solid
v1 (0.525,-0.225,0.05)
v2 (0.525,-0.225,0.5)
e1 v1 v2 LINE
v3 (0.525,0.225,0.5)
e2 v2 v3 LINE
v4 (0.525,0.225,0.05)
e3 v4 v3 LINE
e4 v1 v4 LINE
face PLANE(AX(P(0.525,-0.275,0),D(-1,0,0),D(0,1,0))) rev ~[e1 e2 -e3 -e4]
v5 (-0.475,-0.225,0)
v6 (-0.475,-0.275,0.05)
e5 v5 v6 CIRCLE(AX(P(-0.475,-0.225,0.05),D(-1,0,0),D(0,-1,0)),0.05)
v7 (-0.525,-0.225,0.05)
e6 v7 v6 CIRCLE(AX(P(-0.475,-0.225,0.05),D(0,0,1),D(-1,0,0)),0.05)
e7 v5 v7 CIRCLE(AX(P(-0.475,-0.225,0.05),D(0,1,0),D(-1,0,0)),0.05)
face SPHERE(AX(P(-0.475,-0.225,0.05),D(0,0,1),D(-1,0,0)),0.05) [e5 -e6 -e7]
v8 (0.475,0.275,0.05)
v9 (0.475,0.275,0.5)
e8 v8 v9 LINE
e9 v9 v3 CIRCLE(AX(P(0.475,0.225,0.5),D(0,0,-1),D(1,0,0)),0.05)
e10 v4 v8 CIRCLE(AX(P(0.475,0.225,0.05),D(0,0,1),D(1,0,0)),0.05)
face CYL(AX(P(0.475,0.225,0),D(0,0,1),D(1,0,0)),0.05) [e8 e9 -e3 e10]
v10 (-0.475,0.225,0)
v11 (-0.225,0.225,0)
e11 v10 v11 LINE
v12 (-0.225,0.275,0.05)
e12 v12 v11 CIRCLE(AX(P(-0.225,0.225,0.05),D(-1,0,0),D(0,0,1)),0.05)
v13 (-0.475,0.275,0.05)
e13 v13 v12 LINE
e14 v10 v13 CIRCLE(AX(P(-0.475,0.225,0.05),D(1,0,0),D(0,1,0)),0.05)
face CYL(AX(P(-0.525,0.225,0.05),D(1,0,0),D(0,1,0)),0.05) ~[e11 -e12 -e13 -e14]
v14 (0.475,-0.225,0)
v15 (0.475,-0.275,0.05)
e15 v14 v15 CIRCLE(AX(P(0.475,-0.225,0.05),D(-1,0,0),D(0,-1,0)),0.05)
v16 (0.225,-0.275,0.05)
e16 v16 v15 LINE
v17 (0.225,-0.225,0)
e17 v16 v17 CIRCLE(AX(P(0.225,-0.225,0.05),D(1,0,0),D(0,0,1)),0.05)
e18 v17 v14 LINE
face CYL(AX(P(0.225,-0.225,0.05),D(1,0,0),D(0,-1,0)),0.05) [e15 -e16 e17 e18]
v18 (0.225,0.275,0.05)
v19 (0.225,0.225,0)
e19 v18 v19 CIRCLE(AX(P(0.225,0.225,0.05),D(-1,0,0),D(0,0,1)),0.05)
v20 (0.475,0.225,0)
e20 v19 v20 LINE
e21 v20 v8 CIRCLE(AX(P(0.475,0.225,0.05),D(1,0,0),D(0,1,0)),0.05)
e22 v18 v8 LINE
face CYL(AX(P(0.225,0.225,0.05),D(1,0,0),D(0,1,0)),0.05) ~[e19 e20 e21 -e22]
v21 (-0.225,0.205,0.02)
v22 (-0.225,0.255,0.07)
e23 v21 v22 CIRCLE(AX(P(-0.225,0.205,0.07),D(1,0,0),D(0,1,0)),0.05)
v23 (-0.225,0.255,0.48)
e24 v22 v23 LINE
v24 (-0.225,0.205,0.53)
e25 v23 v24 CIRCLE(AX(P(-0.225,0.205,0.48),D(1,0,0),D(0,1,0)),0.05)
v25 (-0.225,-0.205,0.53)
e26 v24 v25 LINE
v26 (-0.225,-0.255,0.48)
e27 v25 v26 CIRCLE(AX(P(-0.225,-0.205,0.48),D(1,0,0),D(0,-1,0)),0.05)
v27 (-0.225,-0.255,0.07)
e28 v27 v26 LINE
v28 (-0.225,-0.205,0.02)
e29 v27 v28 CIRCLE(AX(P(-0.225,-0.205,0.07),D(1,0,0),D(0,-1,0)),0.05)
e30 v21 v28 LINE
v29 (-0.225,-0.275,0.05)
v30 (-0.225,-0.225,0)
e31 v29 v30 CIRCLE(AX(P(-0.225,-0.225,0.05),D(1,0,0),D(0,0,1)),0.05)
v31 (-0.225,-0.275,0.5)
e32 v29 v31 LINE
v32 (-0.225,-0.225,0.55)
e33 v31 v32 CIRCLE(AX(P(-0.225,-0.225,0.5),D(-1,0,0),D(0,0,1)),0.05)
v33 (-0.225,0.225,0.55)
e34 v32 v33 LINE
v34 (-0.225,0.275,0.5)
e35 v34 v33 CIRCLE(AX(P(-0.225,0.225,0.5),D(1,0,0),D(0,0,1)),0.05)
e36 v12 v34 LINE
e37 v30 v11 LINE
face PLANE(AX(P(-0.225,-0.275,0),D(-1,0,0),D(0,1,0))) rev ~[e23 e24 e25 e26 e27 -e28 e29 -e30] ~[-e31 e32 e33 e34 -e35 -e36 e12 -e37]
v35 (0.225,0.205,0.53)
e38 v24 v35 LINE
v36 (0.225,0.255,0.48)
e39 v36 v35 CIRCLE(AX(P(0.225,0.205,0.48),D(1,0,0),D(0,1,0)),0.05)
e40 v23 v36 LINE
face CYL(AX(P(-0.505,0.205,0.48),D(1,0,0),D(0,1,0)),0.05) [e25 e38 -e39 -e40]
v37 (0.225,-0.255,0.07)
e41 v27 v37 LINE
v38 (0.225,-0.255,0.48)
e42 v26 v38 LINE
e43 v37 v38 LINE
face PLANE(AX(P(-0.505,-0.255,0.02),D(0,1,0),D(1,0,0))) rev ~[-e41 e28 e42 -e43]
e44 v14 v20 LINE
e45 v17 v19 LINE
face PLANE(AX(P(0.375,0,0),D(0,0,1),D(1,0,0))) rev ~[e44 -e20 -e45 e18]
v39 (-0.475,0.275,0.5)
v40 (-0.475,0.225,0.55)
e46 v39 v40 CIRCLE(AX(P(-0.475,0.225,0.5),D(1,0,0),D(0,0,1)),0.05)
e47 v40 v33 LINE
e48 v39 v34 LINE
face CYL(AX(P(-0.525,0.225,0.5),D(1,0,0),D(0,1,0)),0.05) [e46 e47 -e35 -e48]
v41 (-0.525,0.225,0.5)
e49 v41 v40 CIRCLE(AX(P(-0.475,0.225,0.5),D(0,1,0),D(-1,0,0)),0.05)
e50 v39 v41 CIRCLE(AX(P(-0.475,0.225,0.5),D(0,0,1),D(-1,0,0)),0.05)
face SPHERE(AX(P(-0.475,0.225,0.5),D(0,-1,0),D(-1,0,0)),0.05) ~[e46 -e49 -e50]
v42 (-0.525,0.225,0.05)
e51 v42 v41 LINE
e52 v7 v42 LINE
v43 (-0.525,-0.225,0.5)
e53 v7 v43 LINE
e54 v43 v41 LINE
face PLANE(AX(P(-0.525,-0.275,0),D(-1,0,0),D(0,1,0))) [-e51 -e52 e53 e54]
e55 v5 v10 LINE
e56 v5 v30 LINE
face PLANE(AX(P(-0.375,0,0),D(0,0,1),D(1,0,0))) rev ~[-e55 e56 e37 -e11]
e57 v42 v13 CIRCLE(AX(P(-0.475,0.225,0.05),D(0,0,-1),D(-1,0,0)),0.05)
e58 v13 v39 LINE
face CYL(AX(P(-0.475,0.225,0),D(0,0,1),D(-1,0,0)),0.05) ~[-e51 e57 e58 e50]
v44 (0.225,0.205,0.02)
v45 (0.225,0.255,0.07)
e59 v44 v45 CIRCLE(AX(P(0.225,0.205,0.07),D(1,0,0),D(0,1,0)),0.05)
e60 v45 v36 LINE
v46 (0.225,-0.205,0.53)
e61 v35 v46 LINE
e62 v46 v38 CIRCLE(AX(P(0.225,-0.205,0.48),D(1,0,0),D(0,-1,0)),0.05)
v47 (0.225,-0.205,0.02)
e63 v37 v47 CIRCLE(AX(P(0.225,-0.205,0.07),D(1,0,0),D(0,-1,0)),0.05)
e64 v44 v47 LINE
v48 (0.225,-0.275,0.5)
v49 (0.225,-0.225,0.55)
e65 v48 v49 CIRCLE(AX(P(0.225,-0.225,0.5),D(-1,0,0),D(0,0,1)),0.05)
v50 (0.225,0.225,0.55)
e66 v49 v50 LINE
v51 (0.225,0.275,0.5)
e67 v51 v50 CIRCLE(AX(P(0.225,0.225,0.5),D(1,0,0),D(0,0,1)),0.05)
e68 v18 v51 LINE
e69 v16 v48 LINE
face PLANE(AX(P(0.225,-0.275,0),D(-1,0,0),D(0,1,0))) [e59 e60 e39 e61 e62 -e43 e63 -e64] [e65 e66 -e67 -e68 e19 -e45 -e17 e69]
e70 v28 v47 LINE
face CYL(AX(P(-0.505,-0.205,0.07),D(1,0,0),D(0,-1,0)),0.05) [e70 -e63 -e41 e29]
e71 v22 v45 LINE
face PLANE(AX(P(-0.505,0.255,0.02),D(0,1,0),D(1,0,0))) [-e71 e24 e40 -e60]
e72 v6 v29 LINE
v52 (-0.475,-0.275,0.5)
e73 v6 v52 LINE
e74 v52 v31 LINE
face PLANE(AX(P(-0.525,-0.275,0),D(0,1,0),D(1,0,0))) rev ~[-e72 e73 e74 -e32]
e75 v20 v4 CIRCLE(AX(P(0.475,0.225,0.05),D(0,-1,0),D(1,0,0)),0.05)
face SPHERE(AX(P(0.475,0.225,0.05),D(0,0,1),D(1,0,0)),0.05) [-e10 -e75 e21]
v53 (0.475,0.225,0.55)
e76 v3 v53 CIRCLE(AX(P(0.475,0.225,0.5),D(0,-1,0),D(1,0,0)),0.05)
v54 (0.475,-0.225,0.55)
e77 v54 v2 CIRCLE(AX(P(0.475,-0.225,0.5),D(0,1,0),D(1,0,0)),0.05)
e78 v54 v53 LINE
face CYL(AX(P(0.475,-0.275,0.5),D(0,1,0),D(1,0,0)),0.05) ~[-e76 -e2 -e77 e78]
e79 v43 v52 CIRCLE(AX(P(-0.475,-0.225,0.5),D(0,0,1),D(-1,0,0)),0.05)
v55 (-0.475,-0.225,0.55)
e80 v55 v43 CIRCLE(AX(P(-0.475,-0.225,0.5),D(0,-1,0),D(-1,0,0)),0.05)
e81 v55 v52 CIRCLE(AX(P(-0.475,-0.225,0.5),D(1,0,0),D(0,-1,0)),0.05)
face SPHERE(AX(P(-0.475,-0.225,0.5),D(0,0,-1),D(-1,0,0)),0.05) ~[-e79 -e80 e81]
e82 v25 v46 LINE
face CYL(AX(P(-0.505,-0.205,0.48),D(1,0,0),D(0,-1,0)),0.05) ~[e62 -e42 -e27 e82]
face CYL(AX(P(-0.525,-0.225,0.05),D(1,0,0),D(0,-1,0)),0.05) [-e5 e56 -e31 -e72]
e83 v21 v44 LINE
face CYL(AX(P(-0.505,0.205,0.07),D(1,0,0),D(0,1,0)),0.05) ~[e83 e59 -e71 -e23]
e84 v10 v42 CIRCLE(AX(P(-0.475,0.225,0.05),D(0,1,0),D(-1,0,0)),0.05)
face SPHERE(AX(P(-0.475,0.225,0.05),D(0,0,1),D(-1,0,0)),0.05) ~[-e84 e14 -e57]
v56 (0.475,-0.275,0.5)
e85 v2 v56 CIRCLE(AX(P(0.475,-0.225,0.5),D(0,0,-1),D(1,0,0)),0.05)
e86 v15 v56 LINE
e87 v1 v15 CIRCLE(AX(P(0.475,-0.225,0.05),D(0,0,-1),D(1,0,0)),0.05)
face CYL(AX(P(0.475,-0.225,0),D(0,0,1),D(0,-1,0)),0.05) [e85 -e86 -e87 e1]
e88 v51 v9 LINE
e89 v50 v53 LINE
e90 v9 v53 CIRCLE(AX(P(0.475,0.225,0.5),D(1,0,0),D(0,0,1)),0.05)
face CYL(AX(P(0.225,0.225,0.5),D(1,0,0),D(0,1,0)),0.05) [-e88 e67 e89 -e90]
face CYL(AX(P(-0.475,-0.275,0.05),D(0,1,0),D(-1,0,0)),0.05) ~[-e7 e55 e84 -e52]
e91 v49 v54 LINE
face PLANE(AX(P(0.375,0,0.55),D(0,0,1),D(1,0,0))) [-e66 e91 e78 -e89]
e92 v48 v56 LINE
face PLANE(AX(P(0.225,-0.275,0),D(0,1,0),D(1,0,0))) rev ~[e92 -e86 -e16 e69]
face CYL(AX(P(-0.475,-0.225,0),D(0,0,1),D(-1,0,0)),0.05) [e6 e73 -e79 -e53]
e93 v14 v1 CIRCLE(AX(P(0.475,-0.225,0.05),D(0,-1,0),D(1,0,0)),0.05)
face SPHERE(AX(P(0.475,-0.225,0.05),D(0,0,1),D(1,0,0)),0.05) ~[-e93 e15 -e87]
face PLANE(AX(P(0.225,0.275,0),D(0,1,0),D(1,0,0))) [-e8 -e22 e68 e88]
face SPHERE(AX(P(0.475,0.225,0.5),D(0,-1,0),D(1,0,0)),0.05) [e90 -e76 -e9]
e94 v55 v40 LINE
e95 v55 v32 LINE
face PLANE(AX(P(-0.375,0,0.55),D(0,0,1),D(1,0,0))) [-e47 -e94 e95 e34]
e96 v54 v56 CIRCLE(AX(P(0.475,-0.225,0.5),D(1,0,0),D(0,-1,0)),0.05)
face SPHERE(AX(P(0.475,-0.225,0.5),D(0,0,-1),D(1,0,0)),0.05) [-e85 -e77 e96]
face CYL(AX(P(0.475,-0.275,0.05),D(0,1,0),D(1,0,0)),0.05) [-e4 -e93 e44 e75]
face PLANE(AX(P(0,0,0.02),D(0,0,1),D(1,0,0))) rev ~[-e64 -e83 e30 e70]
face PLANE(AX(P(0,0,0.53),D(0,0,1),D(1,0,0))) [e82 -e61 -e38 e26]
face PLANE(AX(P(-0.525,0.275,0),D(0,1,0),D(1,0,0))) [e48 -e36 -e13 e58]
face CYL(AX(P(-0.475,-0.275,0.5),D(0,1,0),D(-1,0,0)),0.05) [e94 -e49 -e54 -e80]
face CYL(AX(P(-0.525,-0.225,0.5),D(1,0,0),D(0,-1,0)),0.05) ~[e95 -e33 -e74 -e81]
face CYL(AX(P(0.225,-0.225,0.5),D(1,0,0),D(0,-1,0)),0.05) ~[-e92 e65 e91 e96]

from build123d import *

# Parameters (mm, degrees)
PLATING_LEFT_W      = 0.3
PLATING_LEFT_H      = 0.55
PLATING_LEFT_DEPTH  = 0.55
PLATING_LEFT_F_R    = 0.05
PLATING_RIGHT_W     = 0.3
PLATING_RIGHT_H     = 0.55
PLATING_RIGHT_DEPTH = 0.55
PLATING_RIGHT_F_R   = 0.05
CHIP_W              = 1.01
CHIP_H              = 0.51
CHIP_DEPTH          = 0.51
CHIP_F_R            = 0.05


with BuildPart() as plating_left_f:
    # plating_left → plating_left (new body)
    with BuildSketch(Plane(origin=(-0.525, -0.275, 0), x_dir=(1, 0, 0), z_dir=(0, 0, 1))):
        with Locations((0.15, 0.275)):
            Rectangle(PLATING_LEFT_W, PLATING_LEFT_H)
    extrude(amount=PLATING_LEFT_DEPTH)

    # plating_left_f
    plating_left_f_edges = [plating_left_f.edges().sort_by_distance(p)[0] for p in [
        (-0.525, -0.275, 0.275),
        (-0.525, 0, 0.55),
        (-0.525, 0.275, 0.275),
        (-0.525, 0, 0),
        (-0.375, -0.275, 0),
        (-0.375, -0.275, 0.55),
        (-0.375, 0.275, 0),
        (-0.375, 0.275, 0.55),
    ]]
    fillet(plating_left_f_edges, radius=PLATING_LEFT_F_R)


with BuildPart() as plating_right_f:
    # plating_right → plating_right (new body)
    with BuildSketch(Plane(origin=(0.225, -0.275, 0), x_dir=(1, 0, 0), z_dir=(0, 0, 1))):
        with Locations((0.15, 0.275)):
            Rectangle(PLATING_RIGHT_W, PLATING_RIGHT_H)
    extrude(amount=PLATING_RIGHT_DEPTH)

    # plating_right_f
    plating_right_f_edges = [plating_right_f.edges().sort_by_distance(p)[0] for p in [
        (0.525, -0.275, 0.275),
        (0.525, 0, 0.55),
        (0.525, 0.275, 0.275),
        (0.525, 0, 0),
        (0.375, -0.275, 0),
        (0.375, -0.275, 0.55),
        (0.375, 0.275, 0),
        (0.375, 0.275, 0.55),
    ]]
    fillet(plating_right_f_edges, radius=PLATING_RIGHT_F_R)


with BuildPart() as capacitor:
    # chip → chip (new body)
    with BuildSketch(Plane(origin=(-0.505, -0.255, 0.02), x_dir=(1, 0, 0), z_dir=(0, 0, 1))):
        with Locations((0.505, 0.255)):
            Rectangle(CHIP_W, CHIP_H)
    extrude(amount=CHIP_DEPTH)

    # chip_f
    chip_f_edges = [capacitor.edges().sort_by_distance(p)[0] for p in [
        (0, -0.255, 0.02),
        (0, -0.255, 0.53),
        (0, 0.255, 0.02),
        (0, 0.255, 0.53),
    ]]
    fillet(chip_f_edges, radius=CHIP_F_R)

    # capacitor: union plating_left_f, plating_right_f
    add(plating_left_f.part)
    add(plating_right_f.part)


solid = capacitor.part
